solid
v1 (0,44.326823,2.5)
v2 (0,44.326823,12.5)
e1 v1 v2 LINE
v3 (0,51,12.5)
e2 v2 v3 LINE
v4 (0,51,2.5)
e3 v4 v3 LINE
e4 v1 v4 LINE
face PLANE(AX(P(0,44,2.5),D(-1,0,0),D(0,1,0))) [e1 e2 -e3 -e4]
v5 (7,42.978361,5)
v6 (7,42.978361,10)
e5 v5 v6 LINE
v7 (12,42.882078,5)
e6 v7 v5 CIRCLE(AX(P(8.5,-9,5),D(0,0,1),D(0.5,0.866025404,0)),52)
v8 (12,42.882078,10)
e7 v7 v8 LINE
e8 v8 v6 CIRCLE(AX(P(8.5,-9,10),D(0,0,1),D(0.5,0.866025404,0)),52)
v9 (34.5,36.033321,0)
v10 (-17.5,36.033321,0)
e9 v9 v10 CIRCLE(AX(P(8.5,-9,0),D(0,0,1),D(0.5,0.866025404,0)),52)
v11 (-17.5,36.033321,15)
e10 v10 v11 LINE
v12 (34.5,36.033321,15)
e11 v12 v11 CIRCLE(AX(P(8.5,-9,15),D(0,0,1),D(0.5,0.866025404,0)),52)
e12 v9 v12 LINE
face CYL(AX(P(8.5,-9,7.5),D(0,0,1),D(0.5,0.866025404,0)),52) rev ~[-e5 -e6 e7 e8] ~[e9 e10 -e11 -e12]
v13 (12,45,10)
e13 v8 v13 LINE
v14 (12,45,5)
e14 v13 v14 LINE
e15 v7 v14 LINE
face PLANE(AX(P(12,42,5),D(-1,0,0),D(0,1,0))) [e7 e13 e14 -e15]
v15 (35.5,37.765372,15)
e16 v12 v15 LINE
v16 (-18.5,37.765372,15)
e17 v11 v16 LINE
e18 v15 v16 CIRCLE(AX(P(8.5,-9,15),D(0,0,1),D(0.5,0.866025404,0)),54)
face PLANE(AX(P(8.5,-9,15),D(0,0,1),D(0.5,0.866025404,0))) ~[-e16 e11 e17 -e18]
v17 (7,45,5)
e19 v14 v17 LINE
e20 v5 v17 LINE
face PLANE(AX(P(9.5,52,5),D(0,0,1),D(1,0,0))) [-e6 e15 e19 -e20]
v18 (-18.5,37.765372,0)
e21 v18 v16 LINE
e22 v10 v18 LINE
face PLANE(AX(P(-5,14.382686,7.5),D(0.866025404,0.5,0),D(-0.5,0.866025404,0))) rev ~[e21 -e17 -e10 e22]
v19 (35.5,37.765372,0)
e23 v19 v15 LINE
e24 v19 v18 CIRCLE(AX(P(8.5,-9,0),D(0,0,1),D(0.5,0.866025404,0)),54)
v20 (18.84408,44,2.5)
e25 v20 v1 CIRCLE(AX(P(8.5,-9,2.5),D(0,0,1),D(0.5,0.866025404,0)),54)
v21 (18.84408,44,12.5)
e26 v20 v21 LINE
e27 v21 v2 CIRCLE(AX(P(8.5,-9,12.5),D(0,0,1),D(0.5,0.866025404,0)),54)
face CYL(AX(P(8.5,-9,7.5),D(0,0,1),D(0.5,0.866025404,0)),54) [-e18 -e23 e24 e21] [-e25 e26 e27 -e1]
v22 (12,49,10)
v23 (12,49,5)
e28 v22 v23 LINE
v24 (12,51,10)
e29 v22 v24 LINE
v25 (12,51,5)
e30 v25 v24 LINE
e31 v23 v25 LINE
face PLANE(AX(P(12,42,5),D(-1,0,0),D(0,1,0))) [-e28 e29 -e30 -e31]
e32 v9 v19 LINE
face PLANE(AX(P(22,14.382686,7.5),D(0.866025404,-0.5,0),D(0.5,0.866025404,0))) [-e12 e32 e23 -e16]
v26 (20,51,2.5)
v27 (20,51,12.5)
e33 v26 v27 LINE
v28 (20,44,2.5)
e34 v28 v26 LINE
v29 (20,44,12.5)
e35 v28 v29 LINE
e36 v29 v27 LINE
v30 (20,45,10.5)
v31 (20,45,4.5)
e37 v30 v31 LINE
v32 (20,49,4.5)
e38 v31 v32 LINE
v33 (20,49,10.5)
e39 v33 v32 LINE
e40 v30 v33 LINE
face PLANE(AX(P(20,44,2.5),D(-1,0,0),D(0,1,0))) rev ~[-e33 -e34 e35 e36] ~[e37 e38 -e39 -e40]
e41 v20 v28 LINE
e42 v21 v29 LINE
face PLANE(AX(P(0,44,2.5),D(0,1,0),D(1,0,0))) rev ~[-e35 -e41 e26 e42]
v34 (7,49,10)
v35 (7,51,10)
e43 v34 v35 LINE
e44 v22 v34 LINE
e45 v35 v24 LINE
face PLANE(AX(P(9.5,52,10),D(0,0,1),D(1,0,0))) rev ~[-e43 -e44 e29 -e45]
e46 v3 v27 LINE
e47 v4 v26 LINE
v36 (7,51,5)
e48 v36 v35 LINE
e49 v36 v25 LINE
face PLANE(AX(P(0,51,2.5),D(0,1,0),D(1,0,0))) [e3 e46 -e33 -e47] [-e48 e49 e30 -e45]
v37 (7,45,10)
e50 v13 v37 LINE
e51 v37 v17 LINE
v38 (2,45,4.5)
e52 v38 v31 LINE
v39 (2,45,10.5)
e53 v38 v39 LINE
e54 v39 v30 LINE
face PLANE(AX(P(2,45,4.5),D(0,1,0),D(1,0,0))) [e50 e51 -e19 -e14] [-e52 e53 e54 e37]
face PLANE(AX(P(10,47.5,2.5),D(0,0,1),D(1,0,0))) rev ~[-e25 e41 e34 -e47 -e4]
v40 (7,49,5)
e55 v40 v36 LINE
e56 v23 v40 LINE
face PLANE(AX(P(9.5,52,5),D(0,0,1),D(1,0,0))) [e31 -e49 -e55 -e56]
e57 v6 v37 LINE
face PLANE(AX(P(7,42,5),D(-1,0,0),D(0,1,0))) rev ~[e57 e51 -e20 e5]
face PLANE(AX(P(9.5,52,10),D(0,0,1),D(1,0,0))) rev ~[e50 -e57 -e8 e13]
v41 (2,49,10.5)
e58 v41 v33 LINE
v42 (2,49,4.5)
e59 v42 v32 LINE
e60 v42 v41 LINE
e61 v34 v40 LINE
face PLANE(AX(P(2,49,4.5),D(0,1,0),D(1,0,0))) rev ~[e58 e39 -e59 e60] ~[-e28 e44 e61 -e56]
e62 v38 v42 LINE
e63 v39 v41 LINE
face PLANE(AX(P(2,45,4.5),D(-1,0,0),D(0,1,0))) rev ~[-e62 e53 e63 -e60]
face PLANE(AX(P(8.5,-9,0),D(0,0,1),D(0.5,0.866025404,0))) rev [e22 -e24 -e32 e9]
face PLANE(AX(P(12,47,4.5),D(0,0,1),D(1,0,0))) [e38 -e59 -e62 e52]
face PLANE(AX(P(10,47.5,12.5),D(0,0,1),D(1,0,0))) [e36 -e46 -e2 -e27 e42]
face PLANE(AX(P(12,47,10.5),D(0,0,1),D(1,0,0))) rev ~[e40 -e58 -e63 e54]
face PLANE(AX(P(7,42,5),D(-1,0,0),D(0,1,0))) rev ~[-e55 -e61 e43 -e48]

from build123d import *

# Parameters (mm, degrees)
BOX002_W                    = 20
BOX002_H                    = 4
BOX002_DEPTH                = 6
BOX_W                       = 5
BOX_H                       = 20
BOX_DEPTH                   = 5
BOX001_W                    = 20
BOX001_H                    = 7
BOX001_DEPTH                = 10
CYLINDER001_W               = 52
CYLINDER001_H               = 15
CYLINDER001_ANGLE           = 60
CYLINDER001_PLACEMENT_ANGLE = 60
CYLINDER_W                  = 54
CYLINDER_H                  = 15
CYLINDER_ANGLE              = 60
CYLINDER_PLACEMENT_ANGLE    = 60


with BuildPart() as slot:
    # Box002 → Box002 (new body)
    with BuildSketch(Plane(origin=(2, 45, 4.5), x_dir=(1, 0, 0), z_dir=(0, 0, 1))):
        with Locations((10, 2)):
            Rectangle(BOX002_W, BOX002_H)
    extrude(amount=BOX002_DEPTH)


with BuildPart() as pin_opening:
    # Box → Box (new body)
    with BuildSketch(Plane(origin=(7, 42, 5), x_dir=(1, 0, 0), z_dir=(0, 0, 1))):
        with Locations((2.5, 10)):
            Rectangle(BOX_W, BOX_H)
    extrude(amount=BOX_DEPTH)


with BuildPart() as latch:
    # Box001 → Box001 (new body)
    with BuildSketch(Plane(origin=(0, 44, 2.5), x_dir=(1, 0, 0), z_dir=(0, 0, 1))):
        with Locations((10, 3.5)):
            Rectangle(BOX001_W, BOX001_H)
    extrude(amount=BOX001_DEPTH)


with BuildPart() as bottle_wall001:
    # Cylinder001 → Cylinder001 (revolve)
    with BuildSketch(Plane.XZ):
        with Locations((26, 7.5)):
            Rectangle(CYLINDER001_W, CYLINDER001_H)
    revolve(axis=Axis((0, 0, 0), (0, 0, 1)), revolution_arc=CYLINDER001_ANGLE)


with BuildPart() as bottle_wall001_1:
    # Cylinder001 placement: moved
    add(bottle_wall001.part.moved(Location((8.5, -7, 0))).rotate(Axis((8.5, -7, 0), (0, 0, 1)), CYLINDER001_PLACEMENT_ANGLE))


with BuildPart() as cut002:
    # Cylinder → Cylinder (revolve)
    with BuildSketch(Plane.XZ):
        with Locations((27, 7.5)):
            Rectangle(CYLINDER_W, CYLINDER_H)
    revolve(axis=Axis((0, 0, 0), (0, 0, 1)), revolution_arc=CYLINDER_ANGLE)


with BuildPart() as cut002_1:
    # Cylinder placement: moved
    add(cut002.part.moved(Location((8.5, -7, 0))).rotate(Axis((8.5, -7, 0), (0, 0, 1)), CYLINDER_PLACEMENT_ANGLE))

    # Cut: cut bottle_wall001
    add(bottle_wall001_1.part, mode=Mode.SUBTRACT)


with BuildPart() as cut002_2:
    # Cut placement: moved
    add(cut002_1.part.moved(Location((0, -2, 0))))

    # Fusion: union latch
    add(latch.part)

    # Fusion001: union latch
    add(latch.part)

    # Cut001: cut pin_opening
    add(pin_opening.part, mode=Mode.SUBTRACT)

    # Cut002: cut slot
    add(slot.part, mode=Mode.SUBTRACT)


solid = cut002_2.part
